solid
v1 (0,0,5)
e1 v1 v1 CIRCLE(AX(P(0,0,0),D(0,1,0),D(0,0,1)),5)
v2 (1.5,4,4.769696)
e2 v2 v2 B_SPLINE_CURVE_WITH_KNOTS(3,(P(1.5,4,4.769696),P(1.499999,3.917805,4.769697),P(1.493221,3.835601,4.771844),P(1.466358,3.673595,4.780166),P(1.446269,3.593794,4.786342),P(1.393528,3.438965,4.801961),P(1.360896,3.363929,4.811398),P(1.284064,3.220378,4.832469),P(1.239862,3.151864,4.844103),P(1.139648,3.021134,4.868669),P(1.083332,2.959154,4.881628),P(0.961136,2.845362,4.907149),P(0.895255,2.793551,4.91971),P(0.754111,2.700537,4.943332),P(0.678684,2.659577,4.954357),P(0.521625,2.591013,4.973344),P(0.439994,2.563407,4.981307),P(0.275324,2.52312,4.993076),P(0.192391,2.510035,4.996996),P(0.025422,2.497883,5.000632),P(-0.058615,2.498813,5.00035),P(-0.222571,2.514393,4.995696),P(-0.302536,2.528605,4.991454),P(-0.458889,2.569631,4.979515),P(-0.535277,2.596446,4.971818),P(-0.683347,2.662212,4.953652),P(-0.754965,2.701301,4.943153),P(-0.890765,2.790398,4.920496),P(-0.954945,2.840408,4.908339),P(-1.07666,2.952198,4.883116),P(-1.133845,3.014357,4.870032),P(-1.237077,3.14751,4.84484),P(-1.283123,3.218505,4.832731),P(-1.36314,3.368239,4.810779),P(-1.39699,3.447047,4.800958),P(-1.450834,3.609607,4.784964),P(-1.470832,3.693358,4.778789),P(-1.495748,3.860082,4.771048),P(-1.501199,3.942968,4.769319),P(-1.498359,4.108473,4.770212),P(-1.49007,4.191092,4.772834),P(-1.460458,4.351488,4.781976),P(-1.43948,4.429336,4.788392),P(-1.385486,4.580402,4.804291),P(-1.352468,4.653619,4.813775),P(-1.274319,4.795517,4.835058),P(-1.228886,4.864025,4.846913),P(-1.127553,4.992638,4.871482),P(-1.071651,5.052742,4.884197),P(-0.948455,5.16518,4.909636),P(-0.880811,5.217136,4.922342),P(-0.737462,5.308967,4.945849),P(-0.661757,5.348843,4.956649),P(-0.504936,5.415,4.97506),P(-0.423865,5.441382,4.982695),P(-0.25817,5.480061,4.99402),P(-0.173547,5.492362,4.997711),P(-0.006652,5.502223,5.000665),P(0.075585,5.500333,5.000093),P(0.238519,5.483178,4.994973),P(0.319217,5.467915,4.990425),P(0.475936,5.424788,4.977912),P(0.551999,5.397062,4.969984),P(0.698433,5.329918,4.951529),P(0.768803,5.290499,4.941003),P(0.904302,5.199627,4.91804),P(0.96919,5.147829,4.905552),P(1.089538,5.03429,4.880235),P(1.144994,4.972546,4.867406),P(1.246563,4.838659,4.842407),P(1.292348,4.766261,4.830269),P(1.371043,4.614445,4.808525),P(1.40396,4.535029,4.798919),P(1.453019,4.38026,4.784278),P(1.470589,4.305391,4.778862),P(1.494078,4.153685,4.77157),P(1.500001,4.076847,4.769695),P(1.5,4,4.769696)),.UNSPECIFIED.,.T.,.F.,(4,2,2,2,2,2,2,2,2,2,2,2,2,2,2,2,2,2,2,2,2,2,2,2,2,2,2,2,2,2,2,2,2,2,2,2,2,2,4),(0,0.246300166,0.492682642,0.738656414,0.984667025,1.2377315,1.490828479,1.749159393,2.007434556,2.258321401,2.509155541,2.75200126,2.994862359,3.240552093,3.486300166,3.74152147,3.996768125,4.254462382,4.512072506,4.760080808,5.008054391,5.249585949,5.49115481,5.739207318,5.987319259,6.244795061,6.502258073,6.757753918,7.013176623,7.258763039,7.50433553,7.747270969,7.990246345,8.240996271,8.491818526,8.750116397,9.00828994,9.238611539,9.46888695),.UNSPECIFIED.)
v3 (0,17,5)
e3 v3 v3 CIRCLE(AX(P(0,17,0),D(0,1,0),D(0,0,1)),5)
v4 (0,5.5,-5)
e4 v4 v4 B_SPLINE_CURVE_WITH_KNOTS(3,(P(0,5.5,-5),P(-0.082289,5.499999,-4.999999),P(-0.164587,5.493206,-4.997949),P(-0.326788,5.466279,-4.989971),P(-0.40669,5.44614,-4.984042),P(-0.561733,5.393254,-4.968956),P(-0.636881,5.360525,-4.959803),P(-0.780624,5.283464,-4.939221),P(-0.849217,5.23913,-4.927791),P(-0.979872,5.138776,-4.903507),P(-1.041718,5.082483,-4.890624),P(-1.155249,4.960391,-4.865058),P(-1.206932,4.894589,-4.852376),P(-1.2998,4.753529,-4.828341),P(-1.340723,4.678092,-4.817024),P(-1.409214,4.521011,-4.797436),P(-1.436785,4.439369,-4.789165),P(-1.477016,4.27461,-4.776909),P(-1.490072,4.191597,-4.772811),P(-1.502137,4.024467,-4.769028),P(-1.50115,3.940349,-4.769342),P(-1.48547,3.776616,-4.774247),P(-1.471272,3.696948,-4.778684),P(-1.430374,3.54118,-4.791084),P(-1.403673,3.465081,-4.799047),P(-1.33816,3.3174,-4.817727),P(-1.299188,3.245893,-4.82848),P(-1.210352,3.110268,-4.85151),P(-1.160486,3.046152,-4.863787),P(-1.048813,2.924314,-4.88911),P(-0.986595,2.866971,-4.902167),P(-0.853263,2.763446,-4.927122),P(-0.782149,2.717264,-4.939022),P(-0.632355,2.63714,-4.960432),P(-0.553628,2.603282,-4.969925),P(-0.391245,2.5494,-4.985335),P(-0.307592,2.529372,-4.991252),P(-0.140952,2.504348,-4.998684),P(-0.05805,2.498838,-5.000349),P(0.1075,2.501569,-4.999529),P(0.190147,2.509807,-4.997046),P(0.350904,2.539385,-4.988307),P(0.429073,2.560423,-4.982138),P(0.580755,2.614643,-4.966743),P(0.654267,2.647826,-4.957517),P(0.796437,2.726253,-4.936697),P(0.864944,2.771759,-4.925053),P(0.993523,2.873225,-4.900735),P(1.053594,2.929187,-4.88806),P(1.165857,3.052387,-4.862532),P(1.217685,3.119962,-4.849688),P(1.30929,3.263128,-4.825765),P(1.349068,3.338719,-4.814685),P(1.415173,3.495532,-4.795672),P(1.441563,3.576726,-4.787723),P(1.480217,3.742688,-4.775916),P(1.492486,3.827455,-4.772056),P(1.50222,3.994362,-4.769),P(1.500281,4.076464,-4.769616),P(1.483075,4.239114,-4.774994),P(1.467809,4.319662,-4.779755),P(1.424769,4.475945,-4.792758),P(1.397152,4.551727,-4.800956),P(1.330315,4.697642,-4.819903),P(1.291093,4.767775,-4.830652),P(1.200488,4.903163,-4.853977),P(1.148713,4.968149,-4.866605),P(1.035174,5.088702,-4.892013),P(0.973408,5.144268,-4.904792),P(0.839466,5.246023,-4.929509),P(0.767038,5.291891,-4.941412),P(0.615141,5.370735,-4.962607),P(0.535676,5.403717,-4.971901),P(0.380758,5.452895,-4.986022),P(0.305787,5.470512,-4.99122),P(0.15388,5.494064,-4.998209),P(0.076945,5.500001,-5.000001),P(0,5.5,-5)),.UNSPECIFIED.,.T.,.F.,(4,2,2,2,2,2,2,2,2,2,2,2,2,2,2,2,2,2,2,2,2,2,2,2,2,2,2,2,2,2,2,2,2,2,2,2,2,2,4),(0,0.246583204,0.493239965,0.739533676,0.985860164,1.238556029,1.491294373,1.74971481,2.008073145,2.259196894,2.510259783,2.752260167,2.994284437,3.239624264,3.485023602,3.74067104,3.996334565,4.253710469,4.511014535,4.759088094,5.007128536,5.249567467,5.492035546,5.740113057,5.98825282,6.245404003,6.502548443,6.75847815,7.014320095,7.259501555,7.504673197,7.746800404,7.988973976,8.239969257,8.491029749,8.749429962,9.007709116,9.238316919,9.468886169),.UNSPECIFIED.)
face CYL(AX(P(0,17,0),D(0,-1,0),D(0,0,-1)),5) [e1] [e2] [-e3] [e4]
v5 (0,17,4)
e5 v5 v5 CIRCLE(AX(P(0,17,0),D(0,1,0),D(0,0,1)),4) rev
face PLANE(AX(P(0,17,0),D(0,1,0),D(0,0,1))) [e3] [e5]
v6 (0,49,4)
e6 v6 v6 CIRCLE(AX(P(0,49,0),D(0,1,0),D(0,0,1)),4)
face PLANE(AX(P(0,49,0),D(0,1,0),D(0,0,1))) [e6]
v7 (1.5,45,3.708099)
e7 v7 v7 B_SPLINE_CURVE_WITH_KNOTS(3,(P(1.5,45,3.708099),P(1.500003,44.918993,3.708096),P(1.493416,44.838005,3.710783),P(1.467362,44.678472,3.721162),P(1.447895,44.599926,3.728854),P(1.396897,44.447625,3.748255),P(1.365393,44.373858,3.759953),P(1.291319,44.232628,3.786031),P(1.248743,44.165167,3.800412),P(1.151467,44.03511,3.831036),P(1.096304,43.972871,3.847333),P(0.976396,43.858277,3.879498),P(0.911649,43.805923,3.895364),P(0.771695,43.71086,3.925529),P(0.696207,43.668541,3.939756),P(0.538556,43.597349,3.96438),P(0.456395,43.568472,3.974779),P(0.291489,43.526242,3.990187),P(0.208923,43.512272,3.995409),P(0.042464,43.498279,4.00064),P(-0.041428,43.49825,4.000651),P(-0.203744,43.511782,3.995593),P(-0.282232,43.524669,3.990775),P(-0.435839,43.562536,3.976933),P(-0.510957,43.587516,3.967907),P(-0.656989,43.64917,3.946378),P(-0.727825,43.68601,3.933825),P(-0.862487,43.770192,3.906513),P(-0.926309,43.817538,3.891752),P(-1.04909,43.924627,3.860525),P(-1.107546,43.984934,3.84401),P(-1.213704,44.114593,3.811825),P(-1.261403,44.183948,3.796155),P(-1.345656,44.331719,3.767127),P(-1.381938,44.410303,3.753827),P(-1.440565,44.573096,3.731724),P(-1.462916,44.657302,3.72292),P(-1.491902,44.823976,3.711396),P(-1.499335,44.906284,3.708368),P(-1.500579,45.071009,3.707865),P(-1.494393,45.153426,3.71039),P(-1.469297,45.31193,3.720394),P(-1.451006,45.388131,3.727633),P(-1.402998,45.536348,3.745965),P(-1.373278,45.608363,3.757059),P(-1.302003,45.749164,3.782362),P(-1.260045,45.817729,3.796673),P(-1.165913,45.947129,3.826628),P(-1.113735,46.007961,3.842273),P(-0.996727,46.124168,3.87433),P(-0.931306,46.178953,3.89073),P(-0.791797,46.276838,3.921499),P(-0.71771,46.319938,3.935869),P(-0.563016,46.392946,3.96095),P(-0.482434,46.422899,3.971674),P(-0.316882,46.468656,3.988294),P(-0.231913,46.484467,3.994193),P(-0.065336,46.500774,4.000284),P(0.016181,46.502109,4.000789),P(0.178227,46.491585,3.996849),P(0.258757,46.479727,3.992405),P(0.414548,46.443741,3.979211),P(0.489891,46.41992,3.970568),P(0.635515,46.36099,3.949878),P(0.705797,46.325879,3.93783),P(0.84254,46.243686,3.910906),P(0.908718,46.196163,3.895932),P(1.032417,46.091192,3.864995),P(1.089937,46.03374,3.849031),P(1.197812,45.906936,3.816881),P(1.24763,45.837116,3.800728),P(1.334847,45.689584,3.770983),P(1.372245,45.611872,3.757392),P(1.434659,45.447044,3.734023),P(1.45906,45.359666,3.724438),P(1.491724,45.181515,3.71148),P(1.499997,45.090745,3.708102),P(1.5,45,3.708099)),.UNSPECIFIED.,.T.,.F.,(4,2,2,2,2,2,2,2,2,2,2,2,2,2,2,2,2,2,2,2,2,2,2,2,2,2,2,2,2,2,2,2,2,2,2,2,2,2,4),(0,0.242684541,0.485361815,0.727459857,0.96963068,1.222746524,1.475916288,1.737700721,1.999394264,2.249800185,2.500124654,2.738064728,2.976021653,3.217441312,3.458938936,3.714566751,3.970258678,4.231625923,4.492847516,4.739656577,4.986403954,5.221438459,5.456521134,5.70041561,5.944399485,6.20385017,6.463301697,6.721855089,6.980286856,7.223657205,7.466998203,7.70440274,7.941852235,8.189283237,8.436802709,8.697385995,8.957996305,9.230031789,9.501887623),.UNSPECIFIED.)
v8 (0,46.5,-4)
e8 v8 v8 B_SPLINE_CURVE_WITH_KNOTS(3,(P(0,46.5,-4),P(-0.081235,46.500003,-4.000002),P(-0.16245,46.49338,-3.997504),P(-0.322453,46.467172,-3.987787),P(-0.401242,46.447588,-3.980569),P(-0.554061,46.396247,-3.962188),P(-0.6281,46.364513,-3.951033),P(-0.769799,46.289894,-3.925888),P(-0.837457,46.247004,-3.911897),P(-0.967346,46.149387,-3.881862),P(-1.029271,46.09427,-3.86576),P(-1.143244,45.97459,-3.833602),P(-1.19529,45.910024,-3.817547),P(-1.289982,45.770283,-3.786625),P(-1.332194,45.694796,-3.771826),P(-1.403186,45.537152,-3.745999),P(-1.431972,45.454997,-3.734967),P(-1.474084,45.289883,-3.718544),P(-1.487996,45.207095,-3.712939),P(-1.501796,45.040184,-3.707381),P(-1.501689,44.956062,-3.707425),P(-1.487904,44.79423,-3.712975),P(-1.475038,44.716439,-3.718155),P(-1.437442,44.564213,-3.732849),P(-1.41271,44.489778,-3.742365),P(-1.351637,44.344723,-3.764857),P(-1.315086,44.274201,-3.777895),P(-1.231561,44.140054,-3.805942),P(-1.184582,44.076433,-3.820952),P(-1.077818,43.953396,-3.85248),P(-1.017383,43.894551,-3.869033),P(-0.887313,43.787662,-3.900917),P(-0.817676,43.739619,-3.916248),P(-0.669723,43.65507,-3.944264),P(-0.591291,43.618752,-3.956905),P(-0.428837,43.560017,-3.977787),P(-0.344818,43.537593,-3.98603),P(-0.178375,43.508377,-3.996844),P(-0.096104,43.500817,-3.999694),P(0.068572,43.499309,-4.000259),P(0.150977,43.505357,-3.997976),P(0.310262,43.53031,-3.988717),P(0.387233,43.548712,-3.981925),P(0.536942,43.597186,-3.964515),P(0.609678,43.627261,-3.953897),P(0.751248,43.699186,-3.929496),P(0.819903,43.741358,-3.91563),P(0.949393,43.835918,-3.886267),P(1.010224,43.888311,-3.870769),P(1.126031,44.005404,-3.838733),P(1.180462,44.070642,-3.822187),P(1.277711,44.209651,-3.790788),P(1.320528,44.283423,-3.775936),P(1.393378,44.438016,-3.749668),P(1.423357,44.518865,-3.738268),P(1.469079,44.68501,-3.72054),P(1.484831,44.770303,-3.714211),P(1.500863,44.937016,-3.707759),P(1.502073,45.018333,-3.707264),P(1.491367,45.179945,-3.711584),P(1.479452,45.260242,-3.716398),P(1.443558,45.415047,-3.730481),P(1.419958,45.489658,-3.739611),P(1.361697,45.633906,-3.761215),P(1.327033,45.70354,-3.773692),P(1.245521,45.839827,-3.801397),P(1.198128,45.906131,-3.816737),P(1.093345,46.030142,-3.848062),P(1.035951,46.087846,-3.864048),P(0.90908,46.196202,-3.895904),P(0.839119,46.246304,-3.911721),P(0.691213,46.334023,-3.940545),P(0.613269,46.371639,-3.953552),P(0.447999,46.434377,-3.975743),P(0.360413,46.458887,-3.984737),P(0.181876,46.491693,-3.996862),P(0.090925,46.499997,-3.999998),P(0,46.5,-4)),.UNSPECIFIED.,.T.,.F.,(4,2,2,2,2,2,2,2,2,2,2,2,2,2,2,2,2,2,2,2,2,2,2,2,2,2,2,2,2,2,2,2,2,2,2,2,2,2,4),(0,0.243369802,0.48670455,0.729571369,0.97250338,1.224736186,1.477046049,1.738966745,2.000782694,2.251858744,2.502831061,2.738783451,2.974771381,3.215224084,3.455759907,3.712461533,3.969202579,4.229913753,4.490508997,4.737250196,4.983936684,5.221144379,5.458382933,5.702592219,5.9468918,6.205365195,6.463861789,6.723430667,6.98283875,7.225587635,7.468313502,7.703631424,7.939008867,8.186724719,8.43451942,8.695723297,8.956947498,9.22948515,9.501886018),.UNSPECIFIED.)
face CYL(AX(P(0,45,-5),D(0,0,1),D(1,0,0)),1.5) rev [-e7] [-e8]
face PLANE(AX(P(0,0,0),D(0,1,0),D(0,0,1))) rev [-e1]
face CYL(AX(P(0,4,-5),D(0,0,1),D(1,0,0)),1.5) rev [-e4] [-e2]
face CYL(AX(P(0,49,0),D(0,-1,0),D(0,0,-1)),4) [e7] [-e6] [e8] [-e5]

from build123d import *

# Parameters (mm, degrees)
SKETCH1_R               = 4
SKETCH1_R_2             = 5
BOSS_EXTRUDE1_DEPTH     = 17
SKETCH1_3_R             = 4
BOSS_EXTRUDE2_DEPTH     = 49
SKETCH2_R               = 1.5
CUT_EXTRUDE1_DEPTH      = 6
CUT_EXTRUDE1_DEPTH_BACK = 6


with BuildPart() as part:
    # Sketch1 → Boss-Extrude1 (new body)
    with BuildSketch(Plane(origin=(0, 0, 0), x_dir=(1, 0, 0), z_dir=(0, 1, 0))):
        Circle(SKETCH1_R)
        Circle(SKETCH1_R_2)
        Circle(SKETCH1_R, mode=Mode.SUBTRACT)
    extrude(amount=BOSS_EXTRUDE1_DEPTH)

    # Sketch1<3> → Boss-Extrude2 (add)
    with BuildSketch(Plane(origin=(0, 0, 0), x_dir=(1, 0, 0), z_dir=(0, 1, 0))):
        Circle(SKETCH1_3_R)
    extrude(amount=BOSS_EXTRUDE2_DEPTH)

    # Sketch2 → Cut-Extrude1 (cut, two sides)
    with BuildSketch(Plane.XY) as cut_extrude1_sk:
        with Locations((0, 45)):
            Circle(SKETCH2_R)
        with Locations((0, 4)):
            Circle(SKETCH2_R)
    extrude(amount=CUT_EXTRUDE1_DEPTH, mode=Mode.SUBTRACT)
    extrude(cut_extrude1_sk.sketch, amount=-CUT_EXTRUDE1_DEPTH_BACK, mode=Mode.SUBTRACT)


solid = part.part
